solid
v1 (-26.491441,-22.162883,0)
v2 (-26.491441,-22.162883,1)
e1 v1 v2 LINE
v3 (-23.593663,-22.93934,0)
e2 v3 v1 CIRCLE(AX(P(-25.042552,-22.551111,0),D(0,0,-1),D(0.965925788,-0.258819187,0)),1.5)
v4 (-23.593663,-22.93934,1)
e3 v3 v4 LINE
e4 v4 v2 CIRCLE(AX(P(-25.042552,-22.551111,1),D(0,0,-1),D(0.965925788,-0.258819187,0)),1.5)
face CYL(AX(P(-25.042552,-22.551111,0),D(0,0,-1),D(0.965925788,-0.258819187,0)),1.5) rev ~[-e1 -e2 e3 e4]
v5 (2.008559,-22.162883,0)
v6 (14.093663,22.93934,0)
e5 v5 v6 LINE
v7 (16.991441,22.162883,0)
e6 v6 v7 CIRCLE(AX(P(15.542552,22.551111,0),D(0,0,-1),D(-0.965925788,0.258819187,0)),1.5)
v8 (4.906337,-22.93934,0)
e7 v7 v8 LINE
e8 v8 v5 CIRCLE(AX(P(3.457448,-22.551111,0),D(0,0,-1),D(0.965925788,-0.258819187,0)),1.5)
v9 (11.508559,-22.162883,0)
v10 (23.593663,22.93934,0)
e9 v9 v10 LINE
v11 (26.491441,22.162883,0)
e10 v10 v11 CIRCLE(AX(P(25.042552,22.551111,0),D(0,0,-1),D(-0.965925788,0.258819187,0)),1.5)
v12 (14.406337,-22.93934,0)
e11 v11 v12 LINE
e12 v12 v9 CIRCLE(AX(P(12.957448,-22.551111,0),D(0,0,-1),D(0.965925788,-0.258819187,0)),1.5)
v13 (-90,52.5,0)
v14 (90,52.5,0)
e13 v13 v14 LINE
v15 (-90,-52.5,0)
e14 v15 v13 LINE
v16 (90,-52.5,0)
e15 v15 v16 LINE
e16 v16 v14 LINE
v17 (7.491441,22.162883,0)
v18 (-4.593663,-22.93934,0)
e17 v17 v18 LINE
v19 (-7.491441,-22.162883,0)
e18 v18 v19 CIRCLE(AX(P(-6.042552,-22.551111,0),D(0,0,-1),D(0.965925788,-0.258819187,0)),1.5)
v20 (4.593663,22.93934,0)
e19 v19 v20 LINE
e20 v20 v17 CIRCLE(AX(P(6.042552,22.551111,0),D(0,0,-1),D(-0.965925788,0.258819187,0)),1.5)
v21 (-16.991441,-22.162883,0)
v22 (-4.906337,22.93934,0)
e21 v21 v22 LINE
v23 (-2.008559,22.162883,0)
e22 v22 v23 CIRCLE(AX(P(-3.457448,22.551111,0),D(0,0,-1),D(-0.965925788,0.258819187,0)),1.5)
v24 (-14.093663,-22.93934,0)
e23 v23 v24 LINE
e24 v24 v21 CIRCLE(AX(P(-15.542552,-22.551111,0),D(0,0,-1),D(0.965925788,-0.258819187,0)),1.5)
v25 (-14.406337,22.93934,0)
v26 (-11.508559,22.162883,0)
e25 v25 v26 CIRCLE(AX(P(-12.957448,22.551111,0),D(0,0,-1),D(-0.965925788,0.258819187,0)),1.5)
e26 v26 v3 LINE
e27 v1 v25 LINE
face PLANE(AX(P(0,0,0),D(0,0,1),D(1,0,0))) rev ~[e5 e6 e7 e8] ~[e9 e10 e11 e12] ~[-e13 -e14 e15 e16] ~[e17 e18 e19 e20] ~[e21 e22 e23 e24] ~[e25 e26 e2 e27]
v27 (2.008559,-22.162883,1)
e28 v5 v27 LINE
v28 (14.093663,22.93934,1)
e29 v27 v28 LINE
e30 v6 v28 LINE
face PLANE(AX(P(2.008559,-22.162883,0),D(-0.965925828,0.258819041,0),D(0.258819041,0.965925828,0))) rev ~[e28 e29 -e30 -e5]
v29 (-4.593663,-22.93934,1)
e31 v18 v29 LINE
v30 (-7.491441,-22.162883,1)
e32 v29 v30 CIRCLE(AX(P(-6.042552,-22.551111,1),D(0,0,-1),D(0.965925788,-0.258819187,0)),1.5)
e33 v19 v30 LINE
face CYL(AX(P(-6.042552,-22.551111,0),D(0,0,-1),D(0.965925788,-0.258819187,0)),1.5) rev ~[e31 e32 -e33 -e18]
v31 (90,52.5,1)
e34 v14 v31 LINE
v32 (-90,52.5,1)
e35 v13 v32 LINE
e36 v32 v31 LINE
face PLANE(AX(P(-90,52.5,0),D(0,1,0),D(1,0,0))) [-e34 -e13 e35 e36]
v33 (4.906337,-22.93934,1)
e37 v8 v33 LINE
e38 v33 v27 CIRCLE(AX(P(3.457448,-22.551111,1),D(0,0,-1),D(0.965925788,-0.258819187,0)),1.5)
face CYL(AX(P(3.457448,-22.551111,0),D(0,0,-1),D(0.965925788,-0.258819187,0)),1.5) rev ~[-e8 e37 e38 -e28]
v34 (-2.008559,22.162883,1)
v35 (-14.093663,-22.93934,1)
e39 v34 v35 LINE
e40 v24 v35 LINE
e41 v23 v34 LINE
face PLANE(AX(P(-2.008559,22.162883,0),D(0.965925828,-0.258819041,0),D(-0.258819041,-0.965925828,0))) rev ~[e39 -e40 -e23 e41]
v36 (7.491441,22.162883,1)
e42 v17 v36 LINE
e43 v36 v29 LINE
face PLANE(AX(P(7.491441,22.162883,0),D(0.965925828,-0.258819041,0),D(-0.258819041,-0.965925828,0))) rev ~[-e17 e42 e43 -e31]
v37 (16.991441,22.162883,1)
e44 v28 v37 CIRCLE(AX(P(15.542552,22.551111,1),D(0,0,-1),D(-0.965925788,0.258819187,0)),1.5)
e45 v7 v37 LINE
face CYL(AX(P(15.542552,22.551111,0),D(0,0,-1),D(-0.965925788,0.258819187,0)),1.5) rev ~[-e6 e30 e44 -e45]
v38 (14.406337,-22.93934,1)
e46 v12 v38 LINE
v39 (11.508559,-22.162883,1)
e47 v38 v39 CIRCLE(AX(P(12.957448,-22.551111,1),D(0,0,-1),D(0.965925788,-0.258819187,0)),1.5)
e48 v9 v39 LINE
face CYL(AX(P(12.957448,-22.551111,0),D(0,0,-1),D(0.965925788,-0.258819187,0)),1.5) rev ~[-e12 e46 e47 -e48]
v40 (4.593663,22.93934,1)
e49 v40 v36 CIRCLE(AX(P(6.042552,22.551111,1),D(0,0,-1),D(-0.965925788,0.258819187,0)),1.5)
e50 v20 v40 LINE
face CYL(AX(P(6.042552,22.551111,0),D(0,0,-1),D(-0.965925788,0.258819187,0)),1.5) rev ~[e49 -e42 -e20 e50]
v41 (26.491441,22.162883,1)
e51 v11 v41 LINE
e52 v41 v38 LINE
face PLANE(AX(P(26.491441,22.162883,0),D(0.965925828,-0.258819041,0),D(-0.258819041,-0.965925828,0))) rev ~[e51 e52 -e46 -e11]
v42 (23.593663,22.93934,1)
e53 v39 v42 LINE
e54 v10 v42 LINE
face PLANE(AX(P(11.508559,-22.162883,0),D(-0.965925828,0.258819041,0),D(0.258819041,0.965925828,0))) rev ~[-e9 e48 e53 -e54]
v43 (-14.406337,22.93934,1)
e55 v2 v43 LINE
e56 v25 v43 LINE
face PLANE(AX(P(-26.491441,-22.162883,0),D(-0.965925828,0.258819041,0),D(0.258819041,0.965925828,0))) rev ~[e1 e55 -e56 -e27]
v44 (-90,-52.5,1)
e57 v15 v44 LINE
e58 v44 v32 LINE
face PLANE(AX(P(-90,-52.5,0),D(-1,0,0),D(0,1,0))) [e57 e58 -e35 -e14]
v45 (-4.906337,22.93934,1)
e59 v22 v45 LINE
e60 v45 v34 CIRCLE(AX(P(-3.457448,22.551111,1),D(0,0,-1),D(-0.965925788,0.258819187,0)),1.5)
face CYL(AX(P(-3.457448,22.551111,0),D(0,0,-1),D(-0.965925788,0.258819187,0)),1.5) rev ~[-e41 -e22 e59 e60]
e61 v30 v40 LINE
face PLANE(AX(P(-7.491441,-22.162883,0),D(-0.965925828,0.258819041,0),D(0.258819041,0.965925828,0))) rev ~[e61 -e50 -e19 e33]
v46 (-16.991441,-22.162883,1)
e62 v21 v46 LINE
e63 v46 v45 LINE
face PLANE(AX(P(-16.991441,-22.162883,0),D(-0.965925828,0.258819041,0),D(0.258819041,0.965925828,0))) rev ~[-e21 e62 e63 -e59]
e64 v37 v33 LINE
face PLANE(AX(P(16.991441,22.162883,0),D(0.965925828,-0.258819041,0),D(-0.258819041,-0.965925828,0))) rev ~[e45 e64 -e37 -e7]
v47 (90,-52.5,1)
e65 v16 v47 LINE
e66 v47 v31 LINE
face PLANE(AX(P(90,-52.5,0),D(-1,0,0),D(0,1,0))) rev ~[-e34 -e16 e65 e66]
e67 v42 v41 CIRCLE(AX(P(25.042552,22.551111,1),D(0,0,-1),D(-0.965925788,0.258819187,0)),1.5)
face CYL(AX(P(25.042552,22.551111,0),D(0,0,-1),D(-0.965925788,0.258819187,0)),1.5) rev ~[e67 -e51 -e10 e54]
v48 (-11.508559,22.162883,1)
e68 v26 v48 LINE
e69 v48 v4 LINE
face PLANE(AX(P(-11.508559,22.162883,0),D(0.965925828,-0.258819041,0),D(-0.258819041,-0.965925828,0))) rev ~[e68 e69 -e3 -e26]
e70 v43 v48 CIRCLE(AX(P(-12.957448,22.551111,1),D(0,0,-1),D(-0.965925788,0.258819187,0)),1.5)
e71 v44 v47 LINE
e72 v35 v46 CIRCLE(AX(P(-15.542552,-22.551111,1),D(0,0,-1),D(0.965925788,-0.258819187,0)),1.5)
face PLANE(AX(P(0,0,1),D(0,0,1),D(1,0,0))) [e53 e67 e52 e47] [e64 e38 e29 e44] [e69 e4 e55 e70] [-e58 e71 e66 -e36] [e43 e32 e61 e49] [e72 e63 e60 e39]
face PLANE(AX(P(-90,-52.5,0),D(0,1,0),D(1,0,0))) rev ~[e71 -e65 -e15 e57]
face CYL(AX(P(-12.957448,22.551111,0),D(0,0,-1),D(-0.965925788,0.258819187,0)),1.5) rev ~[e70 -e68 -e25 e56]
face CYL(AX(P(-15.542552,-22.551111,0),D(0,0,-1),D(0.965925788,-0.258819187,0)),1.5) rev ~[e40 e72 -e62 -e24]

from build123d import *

# Parameters (mm, degrees)
F0_W     = 180
F0_H     = 105
F1_DEPTH = 1


with BuildPart() as f1:
    # F0 (on Top) → F1 (new body)
    with BuildSketch(Plane.XY):
        Rectangle(F0_W, F0_H)
        with BuildLine():
            ThreePointArc((-23.593663, -22.93934), (-25.430781, -24), (-26.491441, -22.162883))
            Line((-26.491441, -22.162883), (-14.406337, 22.93934))
            ThreePointArc((-14.406337, 22.93934), (-12.569219, 24), (-11.508559, 22.162883))
            Line((-11.508559, 22.162883), (-23.593663, -22.93934))
        make_face(mode=Mode.SUBTRACT)
        with BuildLine():
            ThreePointArc((-14.093663, -22.93934), (-15.930781, -24), (-16.991441, -22.162883))
            Line((-16.991441, -22.162883), (-4.906337, 22.93934))
            ThreePointArc((-4.906337, 22.93934), (-3.069219, 24), (-2.008559, 22.162883))
            Line((-2.008559, 22.162883), (-14.093663, -22.93934))
        make_face(mode=Mode.SUBTRACT)
        with BuildLine():
            Line((7.491441, 22.162883), (-4.593663, -22.93934))
            ThreePointArc((-4.593663, -22.93934), (-6.430781, -24), (-7.491441, -22.162883))
            Line((-7.491441, -22.162883), (4.593663, 22.93934))
            ThreePointArc((4.593663, 22.93934), (6.430781, 24), (7.491441, 22.162883))
        make_face(mode=Mode.SUBTRACT)
        with BuildLine():
            ThreePointArc((4.906337, -22.93934), (3.069219, -24), (2.008559, -22.162883))
            Line((2.008559, -22.162883), (14.093663, 22.93934))
            ThreePointArc((14.093663, 22.93934), (15.930781, 24), (16.991441, 22.162883))
            Line((16.991441, 22.162883), (4.906337, -22.93934))
        make_face(mode=Mode.SUBTRACT)
        with BuildLine():
            ThreePointArc((14.406337, -22.93934), (12.569219, -24), (11.508559, -22.162883))
            Line((11.508559, -22.162883), (23.593663, 22.93934))
            ThreePointArc((23.593663, 22.93934), (25.430781, 24), (26.491441, 22.162883))
            Line((26.491441, 22.162883), (14.406337, -22.93934))
        make_face(mode=Mode.SUBTRACT)
    extrude(amount=F1_DEPTH)


solid = f1.part
